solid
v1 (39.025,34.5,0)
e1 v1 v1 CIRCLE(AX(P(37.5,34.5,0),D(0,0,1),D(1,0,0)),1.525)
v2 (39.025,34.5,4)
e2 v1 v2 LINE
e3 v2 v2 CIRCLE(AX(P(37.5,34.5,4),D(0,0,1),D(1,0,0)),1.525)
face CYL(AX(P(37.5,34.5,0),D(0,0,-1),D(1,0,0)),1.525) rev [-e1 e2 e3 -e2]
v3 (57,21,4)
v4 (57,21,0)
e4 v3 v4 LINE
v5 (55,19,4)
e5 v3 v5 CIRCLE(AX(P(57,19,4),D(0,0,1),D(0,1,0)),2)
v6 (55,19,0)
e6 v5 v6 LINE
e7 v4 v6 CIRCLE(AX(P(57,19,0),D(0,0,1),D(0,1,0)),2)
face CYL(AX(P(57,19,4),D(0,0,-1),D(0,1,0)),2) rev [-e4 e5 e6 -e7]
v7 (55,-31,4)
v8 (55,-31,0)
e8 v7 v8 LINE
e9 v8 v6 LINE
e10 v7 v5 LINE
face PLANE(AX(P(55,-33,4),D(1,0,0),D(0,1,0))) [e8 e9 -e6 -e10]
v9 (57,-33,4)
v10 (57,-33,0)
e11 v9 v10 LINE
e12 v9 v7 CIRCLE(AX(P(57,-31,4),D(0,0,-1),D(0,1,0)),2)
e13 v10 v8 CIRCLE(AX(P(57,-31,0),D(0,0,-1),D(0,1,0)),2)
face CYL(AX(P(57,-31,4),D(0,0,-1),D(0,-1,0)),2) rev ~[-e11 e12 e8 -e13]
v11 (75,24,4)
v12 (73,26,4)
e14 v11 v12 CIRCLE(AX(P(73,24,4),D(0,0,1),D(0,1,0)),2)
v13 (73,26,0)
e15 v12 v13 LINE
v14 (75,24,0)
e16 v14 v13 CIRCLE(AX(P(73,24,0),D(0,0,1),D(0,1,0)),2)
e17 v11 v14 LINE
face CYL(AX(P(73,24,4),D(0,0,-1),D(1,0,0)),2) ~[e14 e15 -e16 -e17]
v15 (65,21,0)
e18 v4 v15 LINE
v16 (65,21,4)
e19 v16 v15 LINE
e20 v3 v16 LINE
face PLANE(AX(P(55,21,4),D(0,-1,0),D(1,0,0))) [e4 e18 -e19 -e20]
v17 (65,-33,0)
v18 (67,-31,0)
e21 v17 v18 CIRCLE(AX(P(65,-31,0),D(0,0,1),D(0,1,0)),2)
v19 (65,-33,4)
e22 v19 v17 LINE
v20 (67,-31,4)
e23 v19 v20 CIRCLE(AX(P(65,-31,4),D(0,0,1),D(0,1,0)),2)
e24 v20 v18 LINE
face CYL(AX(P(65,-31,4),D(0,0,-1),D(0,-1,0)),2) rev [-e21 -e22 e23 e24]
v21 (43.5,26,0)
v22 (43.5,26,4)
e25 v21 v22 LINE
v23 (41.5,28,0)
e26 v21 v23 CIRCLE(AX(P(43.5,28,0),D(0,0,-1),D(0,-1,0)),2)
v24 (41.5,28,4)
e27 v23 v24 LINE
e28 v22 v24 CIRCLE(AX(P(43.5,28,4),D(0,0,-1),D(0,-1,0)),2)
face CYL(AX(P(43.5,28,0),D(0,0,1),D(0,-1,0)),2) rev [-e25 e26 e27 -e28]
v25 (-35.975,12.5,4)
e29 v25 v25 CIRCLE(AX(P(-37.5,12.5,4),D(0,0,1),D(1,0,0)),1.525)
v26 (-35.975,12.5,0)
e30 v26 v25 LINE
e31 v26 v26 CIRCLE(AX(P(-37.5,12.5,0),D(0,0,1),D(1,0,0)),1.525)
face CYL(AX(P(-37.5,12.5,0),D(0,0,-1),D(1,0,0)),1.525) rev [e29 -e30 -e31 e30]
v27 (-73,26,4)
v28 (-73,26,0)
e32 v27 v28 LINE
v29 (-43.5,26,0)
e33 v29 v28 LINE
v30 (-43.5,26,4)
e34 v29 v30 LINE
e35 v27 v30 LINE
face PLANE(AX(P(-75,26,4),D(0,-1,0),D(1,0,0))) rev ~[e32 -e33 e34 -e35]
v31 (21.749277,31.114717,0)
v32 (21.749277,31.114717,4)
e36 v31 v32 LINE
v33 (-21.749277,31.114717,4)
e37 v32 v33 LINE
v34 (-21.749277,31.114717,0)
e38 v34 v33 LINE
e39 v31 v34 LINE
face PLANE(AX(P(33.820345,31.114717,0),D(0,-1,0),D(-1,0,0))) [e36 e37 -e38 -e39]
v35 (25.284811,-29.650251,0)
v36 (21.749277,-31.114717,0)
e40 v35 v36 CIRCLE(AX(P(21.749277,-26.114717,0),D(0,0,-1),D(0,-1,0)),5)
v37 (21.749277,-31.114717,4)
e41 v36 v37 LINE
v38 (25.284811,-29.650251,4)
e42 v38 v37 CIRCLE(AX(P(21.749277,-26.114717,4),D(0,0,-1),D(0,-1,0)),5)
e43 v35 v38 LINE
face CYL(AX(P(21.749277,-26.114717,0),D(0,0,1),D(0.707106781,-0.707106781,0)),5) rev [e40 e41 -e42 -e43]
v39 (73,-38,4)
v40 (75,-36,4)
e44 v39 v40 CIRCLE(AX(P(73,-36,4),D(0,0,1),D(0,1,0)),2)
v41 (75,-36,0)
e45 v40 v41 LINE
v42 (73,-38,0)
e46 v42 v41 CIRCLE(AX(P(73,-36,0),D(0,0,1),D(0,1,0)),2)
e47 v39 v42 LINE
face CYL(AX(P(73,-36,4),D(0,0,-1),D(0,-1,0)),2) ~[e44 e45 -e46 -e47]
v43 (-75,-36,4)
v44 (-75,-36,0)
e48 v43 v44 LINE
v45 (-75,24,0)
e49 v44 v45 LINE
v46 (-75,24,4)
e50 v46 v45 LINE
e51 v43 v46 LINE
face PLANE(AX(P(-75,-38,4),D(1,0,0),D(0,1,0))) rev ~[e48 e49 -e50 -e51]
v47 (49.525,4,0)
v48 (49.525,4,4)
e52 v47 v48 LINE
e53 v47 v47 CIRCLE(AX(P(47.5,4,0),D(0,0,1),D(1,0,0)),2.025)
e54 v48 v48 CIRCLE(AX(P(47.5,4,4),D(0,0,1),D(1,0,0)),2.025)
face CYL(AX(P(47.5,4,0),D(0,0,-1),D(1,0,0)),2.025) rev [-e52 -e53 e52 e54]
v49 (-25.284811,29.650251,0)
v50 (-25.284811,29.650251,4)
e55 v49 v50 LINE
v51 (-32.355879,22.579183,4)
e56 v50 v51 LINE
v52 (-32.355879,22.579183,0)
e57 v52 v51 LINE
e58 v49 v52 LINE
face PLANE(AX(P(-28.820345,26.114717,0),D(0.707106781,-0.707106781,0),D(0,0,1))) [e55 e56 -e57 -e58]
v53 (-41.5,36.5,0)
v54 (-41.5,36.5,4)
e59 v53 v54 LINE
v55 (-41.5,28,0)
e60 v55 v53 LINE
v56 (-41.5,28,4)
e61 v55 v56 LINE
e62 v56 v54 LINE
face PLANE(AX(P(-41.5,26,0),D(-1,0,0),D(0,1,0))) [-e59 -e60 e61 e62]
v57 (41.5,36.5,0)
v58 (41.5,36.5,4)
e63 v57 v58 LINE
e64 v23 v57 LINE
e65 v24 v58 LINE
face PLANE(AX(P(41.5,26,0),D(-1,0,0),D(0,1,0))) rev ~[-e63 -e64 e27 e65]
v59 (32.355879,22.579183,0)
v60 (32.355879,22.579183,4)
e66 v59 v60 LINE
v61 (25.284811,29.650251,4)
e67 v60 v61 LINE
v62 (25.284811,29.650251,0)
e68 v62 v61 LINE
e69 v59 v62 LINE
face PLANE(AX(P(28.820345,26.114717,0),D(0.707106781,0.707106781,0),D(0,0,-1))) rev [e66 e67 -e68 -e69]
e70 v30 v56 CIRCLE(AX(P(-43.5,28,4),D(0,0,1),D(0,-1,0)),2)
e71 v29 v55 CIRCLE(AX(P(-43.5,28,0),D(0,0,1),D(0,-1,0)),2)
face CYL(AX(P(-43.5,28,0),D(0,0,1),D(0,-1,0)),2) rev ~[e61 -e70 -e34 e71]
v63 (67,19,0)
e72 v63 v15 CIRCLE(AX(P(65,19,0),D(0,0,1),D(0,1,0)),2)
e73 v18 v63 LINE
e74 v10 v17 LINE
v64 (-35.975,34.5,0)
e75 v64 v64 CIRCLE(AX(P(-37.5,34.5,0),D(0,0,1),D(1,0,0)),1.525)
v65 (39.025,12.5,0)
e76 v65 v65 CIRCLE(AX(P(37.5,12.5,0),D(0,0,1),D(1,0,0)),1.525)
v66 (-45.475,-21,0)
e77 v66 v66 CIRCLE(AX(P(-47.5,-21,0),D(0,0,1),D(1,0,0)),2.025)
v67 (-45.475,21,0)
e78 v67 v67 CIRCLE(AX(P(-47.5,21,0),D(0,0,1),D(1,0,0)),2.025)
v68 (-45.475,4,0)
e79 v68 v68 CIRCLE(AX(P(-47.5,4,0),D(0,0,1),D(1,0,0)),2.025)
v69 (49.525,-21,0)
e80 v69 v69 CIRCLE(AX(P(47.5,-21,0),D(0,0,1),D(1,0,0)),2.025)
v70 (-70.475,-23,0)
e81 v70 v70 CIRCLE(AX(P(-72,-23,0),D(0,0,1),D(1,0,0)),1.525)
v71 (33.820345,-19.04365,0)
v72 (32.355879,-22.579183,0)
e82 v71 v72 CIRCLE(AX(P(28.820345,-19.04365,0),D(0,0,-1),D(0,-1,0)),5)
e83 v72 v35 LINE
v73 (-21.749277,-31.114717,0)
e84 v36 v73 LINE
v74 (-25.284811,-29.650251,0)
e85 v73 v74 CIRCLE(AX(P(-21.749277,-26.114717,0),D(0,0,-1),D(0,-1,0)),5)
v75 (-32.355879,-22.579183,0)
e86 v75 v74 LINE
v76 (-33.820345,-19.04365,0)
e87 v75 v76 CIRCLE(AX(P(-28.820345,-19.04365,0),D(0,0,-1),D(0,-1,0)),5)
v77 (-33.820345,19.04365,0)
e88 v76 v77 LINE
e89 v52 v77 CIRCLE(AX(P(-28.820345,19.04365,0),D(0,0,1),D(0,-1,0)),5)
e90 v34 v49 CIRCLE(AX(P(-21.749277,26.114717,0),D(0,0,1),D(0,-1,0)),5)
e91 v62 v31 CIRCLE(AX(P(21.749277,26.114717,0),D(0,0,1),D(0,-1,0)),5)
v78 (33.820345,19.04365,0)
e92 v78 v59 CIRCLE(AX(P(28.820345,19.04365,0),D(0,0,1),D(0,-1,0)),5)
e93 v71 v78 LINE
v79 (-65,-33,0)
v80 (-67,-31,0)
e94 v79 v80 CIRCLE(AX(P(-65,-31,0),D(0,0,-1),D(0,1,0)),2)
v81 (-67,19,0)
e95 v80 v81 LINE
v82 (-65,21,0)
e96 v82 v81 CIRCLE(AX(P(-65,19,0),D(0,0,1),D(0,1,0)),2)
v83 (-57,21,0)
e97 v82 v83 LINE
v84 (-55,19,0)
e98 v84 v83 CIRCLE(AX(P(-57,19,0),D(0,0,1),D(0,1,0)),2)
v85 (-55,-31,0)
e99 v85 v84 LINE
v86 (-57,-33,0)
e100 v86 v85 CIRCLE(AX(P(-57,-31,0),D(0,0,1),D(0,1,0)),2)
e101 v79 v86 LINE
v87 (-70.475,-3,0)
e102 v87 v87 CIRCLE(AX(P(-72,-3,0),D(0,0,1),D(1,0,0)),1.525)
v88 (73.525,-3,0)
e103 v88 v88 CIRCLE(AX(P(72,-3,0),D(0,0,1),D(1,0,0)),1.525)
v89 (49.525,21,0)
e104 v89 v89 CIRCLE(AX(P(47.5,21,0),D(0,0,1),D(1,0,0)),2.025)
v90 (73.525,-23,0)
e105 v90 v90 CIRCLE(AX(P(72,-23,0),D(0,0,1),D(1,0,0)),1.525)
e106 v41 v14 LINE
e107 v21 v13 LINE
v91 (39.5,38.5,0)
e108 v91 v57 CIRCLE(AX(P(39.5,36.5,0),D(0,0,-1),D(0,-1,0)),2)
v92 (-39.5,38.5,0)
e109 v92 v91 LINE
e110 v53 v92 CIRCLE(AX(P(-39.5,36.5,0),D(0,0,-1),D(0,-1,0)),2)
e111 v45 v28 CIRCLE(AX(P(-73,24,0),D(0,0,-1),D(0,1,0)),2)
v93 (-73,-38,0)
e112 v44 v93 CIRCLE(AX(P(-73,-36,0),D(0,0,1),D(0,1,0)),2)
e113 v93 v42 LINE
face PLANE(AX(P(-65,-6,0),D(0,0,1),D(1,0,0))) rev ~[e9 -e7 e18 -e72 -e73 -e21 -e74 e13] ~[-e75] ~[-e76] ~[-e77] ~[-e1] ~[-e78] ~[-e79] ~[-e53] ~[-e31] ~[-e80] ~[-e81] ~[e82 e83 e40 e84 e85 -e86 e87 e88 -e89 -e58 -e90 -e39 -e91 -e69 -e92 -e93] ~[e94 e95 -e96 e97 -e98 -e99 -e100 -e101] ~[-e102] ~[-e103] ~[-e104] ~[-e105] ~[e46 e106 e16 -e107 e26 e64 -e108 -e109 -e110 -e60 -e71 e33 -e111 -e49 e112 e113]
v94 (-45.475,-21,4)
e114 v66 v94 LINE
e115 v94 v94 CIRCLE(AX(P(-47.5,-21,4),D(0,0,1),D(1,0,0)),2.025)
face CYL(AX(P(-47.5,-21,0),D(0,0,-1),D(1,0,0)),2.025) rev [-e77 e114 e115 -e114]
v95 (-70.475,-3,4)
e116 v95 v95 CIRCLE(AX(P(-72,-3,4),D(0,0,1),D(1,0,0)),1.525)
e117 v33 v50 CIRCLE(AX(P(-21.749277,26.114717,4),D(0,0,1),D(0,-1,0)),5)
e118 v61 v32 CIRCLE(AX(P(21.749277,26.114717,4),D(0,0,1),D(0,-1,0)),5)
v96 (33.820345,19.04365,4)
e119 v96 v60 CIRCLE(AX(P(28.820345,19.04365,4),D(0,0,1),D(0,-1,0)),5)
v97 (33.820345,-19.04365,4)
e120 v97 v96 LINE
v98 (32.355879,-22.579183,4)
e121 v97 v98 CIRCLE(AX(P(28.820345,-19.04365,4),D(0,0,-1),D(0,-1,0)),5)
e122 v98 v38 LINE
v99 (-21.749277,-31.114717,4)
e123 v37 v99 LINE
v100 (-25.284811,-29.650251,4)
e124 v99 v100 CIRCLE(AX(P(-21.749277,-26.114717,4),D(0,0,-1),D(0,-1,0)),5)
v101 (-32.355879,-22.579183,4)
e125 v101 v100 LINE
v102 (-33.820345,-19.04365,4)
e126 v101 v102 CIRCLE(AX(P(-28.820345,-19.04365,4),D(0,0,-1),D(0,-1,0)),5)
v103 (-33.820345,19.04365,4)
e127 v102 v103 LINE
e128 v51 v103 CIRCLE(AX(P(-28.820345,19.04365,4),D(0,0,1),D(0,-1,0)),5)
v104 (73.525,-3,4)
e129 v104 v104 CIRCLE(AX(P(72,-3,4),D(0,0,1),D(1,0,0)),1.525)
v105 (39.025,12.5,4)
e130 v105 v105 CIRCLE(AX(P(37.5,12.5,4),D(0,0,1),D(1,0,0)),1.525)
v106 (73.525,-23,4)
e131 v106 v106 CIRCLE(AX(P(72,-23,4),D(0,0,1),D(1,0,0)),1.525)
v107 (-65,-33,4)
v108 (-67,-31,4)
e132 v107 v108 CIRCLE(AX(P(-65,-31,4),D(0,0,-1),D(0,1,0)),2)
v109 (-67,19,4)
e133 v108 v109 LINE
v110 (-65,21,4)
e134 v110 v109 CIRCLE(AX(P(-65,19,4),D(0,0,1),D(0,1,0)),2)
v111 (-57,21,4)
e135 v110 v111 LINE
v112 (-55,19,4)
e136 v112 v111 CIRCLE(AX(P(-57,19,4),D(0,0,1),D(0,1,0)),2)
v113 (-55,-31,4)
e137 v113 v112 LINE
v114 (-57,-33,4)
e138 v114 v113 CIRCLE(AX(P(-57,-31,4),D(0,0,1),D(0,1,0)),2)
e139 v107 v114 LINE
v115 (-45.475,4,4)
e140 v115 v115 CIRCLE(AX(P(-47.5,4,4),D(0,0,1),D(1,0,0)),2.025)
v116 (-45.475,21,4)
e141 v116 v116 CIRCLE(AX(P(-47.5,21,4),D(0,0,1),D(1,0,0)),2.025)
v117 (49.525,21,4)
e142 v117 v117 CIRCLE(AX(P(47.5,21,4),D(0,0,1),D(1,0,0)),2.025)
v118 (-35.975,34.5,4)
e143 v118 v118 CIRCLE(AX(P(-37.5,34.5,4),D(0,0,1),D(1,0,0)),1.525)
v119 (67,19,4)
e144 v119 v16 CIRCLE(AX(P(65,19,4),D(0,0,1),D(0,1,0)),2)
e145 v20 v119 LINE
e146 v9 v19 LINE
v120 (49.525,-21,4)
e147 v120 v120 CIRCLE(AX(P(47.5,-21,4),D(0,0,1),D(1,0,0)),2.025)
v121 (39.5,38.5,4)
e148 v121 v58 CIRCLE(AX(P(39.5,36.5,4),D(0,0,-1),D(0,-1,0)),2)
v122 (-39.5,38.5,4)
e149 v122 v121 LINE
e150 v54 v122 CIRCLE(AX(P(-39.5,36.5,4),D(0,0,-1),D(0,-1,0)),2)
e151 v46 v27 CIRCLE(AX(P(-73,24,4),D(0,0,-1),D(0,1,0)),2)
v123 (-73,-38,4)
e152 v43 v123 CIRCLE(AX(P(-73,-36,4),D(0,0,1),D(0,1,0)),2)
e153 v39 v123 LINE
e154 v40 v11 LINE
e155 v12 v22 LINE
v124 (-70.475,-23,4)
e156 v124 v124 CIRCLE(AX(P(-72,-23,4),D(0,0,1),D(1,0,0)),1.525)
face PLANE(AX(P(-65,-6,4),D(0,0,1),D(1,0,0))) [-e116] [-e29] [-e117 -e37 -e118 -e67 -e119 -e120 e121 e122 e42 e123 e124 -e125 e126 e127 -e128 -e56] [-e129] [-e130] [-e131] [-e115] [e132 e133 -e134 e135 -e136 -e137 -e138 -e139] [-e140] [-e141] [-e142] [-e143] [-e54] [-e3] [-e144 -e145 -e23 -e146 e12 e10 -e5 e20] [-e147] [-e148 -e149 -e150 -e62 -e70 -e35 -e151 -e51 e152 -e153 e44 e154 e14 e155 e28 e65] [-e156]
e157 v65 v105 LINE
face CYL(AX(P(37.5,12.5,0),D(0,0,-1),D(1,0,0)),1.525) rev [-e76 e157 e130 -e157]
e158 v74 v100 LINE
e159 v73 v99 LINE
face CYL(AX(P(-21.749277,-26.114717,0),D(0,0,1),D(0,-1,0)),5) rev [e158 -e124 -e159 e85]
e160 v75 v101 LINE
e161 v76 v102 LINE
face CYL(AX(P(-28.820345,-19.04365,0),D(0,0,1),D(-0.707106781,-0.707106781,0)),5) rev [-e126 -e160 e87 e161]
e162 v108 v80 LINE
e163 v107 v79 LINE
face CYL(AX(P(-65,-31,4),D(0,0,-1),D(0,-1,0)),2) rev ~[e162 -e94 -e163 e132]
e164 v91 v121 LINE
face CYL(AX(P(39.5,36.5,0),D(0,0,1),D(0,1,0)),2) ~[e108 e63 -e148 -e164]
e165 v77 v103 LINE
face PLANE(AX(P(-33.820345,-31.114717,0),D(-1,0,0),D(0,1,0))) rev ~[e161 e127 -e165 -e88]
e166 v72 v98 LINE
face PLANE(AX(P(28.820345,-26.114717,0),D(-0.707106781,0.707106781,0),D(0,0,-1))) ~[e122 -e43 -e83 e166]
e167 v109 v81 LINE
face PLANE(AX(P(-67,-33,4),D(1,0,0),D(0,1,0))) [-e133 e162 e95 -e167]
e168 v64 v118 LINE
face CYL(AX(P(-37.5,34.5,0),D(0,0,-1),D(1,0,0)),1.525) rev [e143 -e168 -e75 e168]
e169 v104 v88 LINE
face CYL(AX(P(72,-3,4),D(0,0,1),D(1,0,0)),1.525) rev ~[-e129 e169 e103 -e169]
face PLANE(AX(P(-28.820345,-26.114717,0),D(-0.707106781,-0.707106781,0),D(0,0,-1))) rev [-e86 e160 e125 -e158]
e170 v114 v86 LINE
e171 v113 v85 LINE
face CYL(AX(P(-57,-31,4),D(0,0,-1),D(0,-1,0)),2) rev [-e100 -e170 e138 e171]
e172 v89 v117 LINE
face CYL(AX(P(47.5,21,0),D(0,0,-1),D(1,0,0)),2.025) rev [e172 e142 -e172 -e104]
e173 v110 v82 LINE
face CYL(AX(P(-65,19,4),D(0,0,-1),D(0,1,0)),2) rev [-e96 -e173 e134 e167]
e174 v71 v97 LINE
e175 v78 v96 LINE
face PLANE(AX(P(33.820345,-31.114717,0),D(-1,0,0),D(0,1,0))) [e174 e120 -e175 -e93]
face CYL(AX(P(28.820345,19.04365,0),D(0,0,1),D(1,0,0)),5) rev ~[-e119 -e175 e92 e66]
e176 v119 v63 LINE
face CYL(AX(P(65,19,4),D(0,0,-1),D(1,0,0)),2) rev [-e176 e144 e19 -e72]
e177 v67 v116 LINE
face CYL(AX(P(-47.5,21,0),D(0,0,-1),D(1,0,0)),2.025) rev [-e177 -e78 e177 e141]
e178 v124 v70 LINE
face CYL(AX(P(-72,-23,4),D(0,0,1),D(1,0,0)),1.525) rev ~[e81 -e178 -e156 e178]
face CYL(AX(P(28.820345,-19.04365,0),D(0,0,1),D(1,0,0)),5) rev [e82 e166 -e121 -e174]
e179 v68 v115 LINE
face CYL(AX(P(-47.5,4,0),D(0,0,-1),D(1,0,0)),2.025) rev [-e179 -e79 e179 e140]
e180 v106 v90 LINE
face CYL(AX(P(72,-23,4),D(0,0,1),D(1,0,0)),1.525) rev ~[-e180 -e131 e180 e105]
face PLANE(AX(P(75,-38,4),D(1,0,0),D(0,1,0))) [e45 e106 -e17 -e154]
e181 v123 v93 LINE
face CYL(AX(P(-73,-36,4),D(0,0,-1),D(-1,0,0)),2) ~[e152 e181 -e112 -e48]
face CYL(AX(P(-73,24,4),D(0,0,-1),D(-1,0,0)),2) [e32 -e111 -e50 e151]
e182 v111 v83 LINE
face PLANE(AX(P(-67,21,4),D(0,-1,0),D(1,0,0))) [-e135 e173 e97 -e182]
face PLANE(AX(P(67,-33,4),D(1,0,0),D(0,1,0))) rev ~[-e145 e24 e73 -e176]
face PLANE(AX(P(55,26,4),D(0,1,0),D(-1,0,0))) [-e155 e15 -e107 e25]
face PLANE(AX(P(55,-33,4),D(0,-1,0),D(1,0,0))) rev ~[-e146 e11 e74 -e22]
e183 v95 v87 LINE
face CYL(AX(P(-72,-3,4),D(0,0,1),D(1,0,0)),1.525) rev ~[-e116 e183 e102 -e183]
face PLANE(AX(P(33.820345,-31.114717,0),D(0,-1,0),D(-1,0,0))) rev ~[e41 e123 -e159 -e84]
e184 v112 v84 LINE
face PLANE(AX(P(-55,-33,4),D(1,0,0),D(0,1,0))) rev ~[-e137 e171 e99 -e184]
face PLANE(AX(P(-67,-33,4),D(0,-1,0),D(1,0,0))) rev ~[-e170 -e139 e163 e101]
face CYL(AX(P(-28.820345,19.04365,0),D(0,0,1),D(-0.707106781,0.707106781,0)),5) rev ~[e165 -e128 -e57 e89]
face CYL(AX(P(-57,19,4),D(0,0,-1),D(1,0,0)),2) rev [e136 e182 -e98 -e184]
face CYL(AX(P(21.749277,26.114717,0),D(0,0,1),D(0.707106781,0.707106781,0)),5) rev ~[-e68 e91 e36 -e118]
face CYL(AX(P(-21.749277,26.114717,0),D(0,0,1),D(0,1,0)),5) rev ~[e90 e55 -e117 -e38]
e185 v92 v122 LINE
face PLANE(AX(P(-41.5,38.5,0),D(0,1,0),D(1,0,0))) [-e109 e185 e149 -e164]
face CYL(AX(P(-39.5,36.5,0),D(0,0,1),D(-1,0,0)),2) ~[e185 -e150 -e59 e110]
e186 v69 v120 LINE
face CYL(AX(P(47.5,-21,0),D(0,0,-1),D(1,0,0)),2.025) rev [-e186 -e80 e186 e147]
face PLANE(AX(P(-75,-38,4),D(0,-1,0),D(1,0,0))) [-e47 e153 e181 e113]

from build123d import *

# Parameters (mm, degrees)
SKETCH_1_W          = 105
SKETCH_1_H          = 52
SKETCH_1_R          = 2.025
SKETCH_1_R_2        = 1.525
SKETCH_1_W_2        = 83
SKETCH_1_H_2        = 12.5
EXTRUDE_3_DEPTH     = 4
SKETCH_3_W          = 105
SKETCH_3_H          = 12
EXTRUDE_4_DEPTH     = 4
SKETCH_6_W          = 67.640689882
SKETCH_6_H          = 62.229434692
CUT_EXTRUDE_1_DEPTH = 4
CHAMFER_1_SIZE      = 10
FILLET_2_R          = 5
SKETCH_7_W          = 20
SKETCH_7_H          = 64
SKETCH_7_R          = 1.525
EXTRUDE_5_DEPTH     = 4
SKETCH_8_W          = 12
SKETCH_8_H          = 54
CUT_EXTRUDE_2_DEPTH = 10
FILLET_3_R          = 2


with BuildPart() as part:
    # 草图1 → 凸台-拉伸3 (new body)
    with BuildSketch(Plane.XY):
        Rectangle(SKETCH_1_W, SKETCH_1_H)
        with Locations((-47.5, 4)):
            Circle(SKETCH_1_R, mode=Mode.SUBTRACT)
        with Locations((-47.5, 21)):
            Circle(SKETCH_1_R, mode=Mode.SUBTRACT)
        with Locations((-47.5, -21)):
            Circle(SKETCH_1_R, mode=Mode.SUBTRACT)
        with Locations((47.5, 21)):
            Circle(SKETCH_1_R, mode=Mode.SUBTRACT)
        with Locations((47.5, 4)):
            Circle(SKETCH_1_R, mode=Mode.SUBTRACT)
        with Locations((47.5, -21)):
            Circle(SKETCH_1_R, mode=Mode.SUBTRACT)
        with Locations((-37.5, 12.5)):
            Circle(SKETCH_1_R_2, mode=Mode.SUBTRACT)
        with Locations((37.5, 12.5)):
            Circle(SKETCH_1_R_2, mode=Mode.SUBTRACT)
        with Locations((0, 32.25)):
            Rectangle(SKETCH_1_W_2, SKETCH_1_H_2)
        with Locations((-37.5, 34.5)):
            Circle(SKETCH_1_R_2, mode=Mode.SUBTRACT)
        with Locations((37.5, 34.5)):
            Circle(SKETCH_1_R_2, mode=Mode.SUBTRACT)
    extrude(amount=EXTRUDE_3_DEPTH)

    # 草图3 → 凸台-拉伸4 (add)
    with BuildSketch(Plane.XY.offset(4)):
        with Locations((0, -32)):
            Rectangle(SKETCH_3_W, SKETCH_3_H)
        Polygon((-52.5, -26), (-52.5, 26), (-55, 26), (-55, -38), (-52.5, -38), align=None)
        Polygon((52.5, -38), (55, -38), (55, 26), (52.5, 26), (52.5, -26), align=None)
    extrude(amount=-EXTRUDE_4_DEPTH)

    # 草图6 → 切除-拉伸1 (cut)
    with BuildSketch(Plane(origin=(0, 0, 0), x_dir=(-1, 0, 0), z_dir=(0, 0, -1))):
        Rectangle(SKETCH_6_W, SKETCH_6_H)
    extrude(amount=-CUT_EXTRUDE_1_DEPTH, mode=Mode.SUBTRACT)

    # 倒角1
    chamfer_1_edges = [part.edges().sort_by_distance(p)[0] for p in [
        (-33.820344941, -31.114717346, 2),
        (33.820344941, -31.114717346, 2),
        (33.820344941, 31.114717346, 2),
        (-33.820344941, 31.114717346, 2),
    ]]
    chamfer(chamfer_1_edges, length=CHAMFER_1_SIZE)

    # 圆角2
    fillet_2_edges = [part.edges().sort_by_distance(p)[0] for p in [
        (-33.820344941, 21.114717346, 2),
        (-33.820344941, -21.114717346, 2),
        (23.820344941, -31.114717346, 2),
        (-23.820344941, -31.114717346, 2),
        (23.820344941, 31.114717346, 2),
        (-23.820344941, 31.114717346, 2),
        (33.820344941, -21.114717346, 2),
        (33.820344941, 21.114717346, 2),
    ]]
    fillet(fillet_2_edges, radius=FILLET_2_R)

    # 草图7 → 凸台-拉伸5 (add)
    with BuildSketch(Plane.XY.offset(4)):
        with Locations((-65, -6)):
            Rectangle(SKETCH_7_W, SKETCH_7_H)
        with Locations((-72, -3)):
            Circle(SKETCH_7_R, mode=Mode.SUBTRACT)
        with Locations((-72, -23)):
            Circle(SKETCH_7_R, mode=Mode.SUBTRACT)
        with Locations((65, -6)):
            Rectangle(SKETCH_7_W, SKETCH_7_H)
        with Locations((72, -23)):
            Circle(SKETCH_7_R, mode=Mode.SUBTRACT)
        with Locations((72, -3)):
            Circle(SKETCH_7_R, mode=Mode.SUBTRACT)
    extrude(amount=-EXTRUDE_5_DEPTH)

    # 草图8 → 切除-拉伸2 (cut)
    with BuildSketch(Plane.XY.offset(4)):
        with Locations((-61, -6)):
            Rectangle(SKETCH_8_W, SKETCH_8_H)
        with Locations((61, -6)):
            Rectangle(SKETCH_8_W, SKETCH_8_H)
    extrude(amount=-CUT_EXTRUDE_2_DEPTH, mode=Mode.SUBTRACT)

    # 圆角3
    fillet_3_edges = [part.edges().sort_by_distance(p)[0] for p in [
        (-75, 26, 2),
        (-75, -38, 2),
        (75, -38, 2),
        (75, 26, 2),
        (-67, -33, 2),
        (-67, 21, 2),
        (-55, 21, 2),
        (-55, -33, 2),
        (67, 21, 2),
        (67, -33, 2),
        (55, -33, 2),
        (55, 21, 2),
        (-41.5, 38.5, 2),
        (41.5, 38.5, 2),
        (41.5, 26, 2),
        (-41.5, 26, 2),
    ]]
    fillet(fillet_3_edges, radius=FILLET_3_R)


solid = part.part
